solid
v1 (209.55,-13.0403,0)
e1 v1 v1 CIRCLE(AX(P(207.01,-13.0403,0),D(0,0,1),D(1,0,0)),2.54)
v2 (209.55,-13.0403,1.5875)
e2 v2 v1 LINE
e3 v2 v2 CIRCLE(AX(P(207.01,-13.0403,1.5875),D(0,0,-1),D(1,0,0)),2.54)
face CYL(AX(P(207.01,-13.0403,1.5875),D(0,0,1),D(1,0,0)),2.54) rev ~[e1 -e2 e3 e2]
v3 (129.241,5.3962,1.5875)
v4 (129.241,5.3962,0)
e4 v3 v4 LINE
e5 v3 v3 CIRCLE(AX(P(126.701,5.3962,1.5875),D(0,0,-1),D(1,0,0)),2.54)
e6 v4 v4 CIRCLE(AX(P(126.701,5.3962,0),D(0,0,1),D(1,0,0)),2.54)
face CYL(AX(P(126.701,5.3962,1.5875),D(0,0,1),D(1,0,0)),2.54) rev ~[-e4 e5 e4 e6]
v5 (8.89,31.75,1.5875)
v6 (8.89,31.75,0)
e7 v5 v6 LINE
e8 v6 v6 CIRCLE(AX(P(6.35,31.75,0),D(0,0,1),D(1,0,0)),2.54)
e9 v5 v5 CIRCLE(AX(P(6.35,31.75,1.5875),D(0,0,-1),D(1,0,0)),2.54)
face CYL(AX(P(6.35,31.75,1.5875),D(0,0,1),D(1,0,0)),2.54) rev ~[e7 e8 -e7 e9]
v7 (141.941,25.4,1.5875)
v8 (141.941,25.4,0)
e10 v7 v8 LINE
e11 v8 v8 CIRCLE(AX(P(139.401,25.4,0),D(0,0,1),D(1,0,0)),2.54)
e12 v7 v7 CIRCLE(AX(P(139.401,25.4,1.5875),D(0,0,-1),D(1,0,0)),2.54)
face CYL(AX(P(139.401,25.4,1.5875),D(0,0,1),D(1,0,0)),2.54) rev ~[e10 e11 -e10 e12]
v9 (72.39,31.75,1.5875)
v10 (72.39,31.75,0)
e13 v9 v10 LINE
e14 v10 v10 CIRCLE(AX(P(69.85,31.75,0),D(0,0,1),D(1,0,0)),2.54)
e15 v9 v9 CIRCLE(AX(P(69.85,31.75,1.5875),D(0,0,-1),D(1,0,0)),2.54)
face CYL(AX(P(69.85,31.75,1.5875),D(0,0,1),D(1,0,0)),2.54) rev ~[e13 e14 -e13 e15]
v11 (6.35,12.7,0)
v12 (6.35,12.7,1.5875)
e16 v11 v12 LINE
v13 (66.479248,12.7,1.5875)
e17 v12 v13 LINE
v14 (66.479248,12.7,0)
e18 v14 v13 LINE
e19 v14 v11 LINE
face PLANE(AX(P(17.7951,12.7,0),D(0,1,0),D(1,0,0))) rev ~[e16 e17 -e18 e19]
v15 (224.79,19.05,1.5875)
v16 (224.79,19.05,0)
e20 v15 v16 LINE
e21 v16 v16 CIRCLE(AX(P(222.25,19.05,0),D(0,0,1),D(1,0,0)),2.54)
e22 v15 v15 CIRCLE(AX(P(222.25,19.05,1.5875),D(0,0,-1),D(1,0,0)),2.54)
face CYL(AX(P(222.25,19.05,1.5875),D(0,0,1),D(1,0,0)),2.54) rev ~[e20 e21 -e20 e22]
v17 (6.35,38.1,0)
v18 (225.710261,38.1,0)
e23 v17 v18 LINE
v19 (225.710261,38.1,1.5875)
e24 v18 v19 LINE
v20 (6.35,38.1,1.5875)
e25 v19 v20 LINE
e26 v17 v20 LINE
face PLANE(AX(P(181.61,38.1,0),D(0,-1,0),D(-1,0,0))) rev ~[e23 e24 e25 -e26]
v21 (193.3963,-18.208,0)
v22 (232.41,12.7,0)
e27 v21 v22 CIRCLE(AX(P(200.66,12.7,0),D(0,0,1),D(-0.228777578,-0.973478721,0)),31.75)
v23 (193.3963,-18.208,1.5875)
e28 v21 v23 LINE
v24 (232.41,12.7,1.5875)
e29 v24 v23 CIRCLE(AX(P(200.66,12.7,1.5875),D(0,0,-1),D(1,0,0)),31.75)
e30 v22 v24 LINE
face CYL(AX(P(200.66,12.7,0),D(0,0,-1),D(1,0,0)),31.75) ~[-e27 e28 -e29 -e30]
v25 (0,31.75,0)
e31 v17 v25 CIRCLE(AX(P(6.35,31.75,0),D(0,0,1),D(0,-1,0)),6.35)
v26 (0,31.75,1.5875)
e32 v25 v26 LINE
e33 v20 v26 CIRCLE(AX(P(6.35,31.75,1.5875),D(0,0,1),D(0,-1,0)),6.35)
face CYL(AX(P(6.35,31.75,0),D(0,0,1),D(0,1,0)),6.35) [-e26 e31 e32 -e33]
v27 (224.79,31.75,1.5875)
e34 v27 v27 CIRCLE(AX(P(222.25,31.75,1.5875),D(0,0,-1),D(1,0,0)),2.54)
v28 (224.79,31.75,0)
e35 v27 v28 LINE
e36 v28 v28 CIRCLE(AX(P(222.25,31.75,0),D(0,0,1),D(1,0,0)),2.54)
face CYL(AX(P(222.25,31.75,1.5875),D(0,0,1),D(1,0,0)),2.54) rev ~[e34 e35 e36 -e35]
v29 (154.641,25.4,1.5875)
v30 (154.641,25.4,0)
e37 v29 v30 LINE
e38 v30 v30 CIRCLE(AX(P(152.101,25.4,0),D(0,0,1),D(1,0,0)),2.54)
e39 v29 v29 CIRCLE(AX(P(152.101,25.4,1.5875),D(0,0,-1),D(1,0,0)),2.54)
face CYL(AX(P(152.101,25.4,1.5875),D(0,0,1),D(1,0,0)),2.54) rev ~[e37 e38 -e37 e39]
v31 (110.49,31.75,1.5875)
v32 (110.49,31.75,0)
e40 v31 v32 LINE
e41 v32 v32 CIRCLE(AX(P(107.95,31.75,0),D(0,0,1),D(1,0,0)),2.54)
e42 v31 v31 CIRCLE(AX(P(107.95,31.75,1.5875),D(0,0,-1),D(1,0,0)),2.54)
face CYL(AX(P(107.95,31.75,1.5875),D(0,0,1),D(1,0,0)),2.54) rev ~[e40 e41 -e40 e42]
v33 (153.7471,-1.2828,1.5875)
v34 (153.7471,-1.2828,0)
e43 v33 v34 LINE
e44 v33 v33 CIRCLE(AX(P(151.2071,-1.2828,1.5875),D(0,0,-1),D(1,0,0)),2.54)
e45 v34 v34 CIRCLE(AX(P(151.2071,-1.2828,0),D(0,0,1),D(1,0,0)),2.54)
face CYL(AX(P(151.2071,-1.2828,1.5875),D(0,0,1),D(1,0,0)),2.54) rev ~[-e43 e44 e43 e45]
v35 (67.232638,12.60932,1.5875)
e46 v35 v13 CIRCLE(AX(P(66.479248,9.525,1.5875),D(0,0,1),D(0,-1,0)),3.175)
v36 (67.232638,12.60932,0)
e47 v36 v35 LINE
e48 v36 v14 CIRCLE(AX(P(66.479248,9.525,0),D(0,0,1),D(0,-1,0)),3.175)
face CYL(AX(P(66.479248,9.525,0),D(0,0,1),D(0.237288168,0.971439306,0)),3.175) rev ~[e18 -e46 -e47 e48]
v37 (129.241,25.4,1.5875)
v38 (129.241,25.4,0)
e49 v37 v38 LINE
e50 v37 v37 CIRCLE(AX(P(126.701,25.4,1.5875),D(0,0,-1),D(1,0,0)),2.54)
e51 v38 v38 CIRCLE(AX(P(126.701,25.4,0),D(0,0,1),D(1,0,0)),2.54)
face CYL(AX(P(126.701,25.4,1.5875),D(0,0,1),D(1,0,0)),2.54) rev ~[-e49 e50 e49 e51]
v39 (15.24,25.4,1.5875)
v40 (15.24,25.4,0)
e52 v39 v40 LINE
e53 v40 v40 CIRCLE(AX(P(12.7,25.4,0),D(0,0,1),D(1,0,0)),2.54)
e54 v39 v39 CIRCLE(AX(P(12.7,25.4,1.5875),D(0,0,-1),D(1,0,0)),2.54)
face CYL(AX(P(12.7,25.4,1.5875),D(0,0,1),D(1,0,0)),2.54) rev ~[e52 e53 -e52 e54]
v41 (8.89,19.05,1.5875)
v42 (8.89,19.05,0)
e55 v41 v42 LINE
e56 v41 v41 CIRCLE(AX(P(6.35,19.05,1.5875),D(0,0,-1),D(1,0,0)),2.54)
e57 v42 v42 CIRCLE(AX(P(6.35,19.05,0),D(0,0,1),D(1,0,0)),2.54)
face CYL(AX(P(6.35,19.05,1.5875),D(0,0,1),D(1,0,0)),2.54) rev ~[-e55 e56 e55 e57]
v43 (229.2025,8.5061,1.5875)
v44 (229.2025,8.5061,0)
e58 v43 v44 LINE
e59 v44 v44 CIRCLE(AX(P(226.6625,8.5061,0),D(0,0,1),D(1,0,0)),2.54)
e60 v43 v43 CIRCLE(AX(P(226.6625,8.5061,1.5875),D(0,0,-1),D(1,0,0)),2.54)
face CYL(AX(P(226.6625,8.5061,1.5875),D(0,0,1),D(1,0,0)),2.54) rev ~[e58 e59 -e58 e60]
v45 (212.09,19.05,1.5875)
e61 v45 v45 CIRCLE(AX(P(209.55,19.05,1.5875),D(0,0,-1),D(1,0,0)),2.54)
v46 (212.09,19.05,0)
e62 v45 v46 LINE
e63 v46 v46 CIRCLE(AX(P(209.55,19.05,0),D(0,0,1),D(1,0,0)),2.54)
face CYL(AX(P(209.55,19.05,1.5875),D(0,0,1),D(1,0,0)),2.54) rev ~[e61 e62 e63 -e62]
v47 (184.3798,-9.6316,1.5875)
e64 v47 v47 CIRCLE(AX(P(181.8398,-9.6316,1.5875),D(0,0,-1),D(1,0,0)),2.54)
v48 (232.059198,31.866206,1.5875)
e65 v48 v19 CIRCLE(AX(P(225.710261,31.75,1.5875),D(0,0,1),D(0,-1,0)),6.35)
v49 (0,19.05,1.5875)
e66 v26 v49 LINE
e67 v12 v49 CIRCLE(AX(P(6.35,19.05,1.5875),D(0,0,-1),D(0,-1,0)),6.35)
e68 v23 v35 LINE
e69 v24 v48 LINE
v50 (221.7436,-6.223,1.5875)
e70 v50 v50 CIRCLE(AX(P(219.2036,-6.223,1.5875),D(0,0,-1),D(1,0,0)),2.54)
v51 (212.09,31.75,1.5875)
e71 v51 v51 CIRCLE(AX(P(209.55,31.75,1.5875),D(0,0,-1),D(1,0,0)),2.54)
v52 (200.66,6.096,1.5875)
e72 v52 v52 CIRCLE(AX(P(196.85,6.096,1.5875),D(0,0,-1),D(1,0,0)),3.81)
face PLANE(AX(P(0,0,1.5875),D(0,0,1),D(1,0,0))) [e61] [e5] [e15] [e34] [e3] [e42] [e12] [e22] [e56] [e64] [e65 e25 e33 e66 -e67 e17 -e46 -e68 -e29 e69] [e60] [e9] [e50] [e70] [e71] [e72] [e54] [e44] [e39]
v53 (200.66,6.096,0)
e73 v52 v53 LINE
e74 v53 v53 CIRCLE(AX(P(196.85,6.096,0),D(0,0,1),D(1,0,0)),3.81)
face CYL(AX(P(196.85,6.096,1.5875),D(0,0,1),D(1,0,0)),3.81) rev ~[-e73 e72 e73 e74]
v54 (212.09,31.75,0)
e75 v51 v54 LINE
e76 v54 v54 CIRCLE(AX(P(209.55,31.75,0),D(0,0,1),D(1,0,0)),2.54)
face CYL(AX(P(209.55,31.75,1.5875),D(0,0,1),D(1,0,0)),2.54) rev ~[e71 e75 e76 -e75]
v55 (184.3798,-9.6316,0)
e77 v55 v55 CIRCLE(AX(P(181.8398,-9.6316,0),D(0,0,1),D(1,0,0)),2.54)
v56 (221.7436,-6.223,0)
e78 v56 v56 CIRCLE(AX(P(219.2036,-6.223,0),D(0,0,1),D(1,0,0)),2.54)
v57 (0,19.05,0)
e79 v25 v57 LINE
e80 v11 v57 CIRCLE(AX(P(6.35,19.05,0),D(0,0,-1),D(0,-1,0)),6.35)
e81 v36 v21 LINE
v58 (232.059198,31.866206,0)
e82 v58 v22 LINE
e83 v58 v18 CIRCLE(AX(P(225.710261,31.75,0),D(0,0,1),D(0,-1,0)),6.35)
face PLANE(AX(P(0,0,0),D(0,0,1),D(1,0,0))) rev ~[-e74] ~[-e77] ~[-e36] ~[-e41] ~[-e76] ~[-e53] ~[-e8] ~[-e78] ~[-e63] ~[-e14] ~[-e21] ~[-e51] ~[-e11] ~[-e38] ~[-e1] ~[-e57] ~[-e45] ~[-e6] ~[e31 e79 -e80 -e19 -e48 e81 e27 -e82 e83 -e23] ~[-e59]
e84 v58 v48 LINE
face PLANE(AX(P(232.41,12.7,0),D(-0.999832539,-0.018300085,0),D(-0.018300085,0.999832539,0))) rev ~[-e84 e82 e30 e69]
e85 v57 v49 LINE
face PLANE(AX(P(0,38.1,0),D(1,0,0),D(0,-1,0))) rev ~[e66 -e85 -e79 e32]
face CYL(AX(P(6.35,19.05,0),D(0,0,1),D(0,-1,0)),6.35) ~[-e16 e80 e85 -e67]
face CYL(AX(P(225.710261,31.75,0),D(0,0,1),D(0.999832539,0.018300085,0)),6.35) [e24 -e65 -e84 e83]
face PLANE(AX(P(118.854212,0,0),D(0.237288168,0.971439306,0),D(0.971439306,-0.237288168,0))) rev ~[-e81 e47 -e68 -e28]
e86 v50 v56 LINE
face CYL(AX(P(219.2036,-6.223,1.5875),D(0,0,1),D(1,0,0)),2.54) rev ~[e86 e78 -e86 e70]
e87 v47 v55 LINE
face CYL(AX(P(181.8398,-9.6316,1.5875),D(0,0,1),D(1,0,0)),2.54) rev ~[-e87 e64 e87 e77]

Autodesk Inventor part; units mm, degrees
ref_plane "YZ Plane" through (0, 0, 0) normal (1, 0, 0) x (0, 1, 0)
ref_plane "XZ Plane" through (0, 0, 0) normal (0, 1, 0) x (-1, 0, 0)
ref_plane "XY Plane" through (0, 0, 0) normal (0, 0, 1) x (1, 0, 0)
sketch "Sketch1" plane through (0, 0, 0) normal (0, 0, 1) x (1, 0, 0)
  line L0 (0, 0) -> (247.65, 0)
  line L1 (247.65, 0) -> (247.65, 38.1)
  line L2 (247.65, 38.1) -> (0, 38.1)
  line L3 (0, 38.1) -> (0, 0)
  line L4 (286.1616, 0) -> (255.1962, 0)
  line L5 (255.1962, 0) -> (255.1962, 12.7)
  line L6 (255.1962, 12.7) -> (286.1616, 12.7)
  line L7 (286.1616, 12.7) -> (286.1616, 0)
  line L8 (247.65, 12.7) -> (200.66, 12.7)
  line L9 (16.2468, 38.1) -> (16.2468, 12.7)
  line L10 (16.2468, 12.7) -> (196.85, 12.7)
  line L11 (0, 12.7) -> (17.7951, 12.7)
  circle A0 centre (200.66, 12.7) radius 31.75
  line L12 (232.41, 12.7) -> (231.9451, 38.1)
  line L13 (66.8614, 12.7) -> (200.8653, -20.0324)
  line L14 (193.3963, -18.208) -> (168.91, 12.7)
  point P0 (187.853, -16.3524)
  point P1 (232.3887, 13.8619)
  point P2 (229.7594, 0)
  point P3 (181.61, 38.1)
  point P4 (219.71, 38.1)
  point P5 (171.5606, 0)
  dimension "d0" = 247.65
  dimension "d1" = 38.1
  dimension "d2" = 12.7
  dimension "d3" = 30.9654
  dimension "d4" = 46.99
  dimension "d10" = 25.4
  dimension "d54" = 63.5
extrude "Extrusion4" add sketch "Sketch1" along normal blind 1.5875 contours L13 L0 A0 | L13 L10 A0 L0 | L3 L2 L9 L11 | A0 L14 L0 | L0 L14 A0 | L10 L9 L2 A0 | L14 L0 A0 | L14 A0 L2 L12 L0 | L2 L12 A0
fillet "Fillet6" radius 6.35 3 edges at (0, 38.1, 0.7937) (0, 12.7, 0.7937) (231.9451, 38.1, 0.7937)
sketch "Sketch4" plane through (0, 0, 1.5875) normal (0, 0, 1) x (1, 0, 0)
  arc A0 (6.35, 38.1) -> (0, 31.75) centre (6.35, 31.75) ccw projected
  line L0 (6.35, 38.1) -> (6.35, 31.75)
  line L1 (6.35, 31.75) -> (0, 31.75)
  circle A1 centre (6.35, 31.75) radius 2.54
  line L2 (6.35, 31.75) -> (6.35, 19.05)
  circle A2 centre (6.35, 19.05) radius 2.54
  line L3 (6.35, 31.75) -> (57.15, 31.75)
  line L4 (57.15, 31.75) -> (107.95, 31.75)
  line L5 (107.95, 31.75) -> (158.75, 31.75)
  line L6 (158.75, 31.75) -> (209.55, 31.75)
  circle A3 centre (107.95, 31.75) radius 2.54
  circle A4 centre (209.55, 31.75) radius 2.54
  line L7 (57.15, 31.75) -> (57.15, 19.05)
  line L8 (57.15, 19.05) -> (107.95, 19.05)
  line L9 (107.95, 19.05) -> (158.75, 19.05)
  line L10 (158.75, 19.05) -> (209.55, 19.05)
  circle A5 centre (209.55, 19.05) radius 2.54
  line L11 (225.7103, 38.1) -> (6.35, 38.1) projected
  arc A6 (193.3963, -18.208) -> (232.41, 12.7) centre (200.66, 12.7) ccw projected
  line L12 (209.55, 31.75) -> (196.85, 31.75)
  line L13 (196.85, 31.75) -> (196.85, 19.05)
  circle A7 centre (196.85, 31.75) radius 2.54
  line L14 (196.85, 19.05) -> (196.85, 6.096)
  circle A8 centre (196.85, 6.096) radius 3.81
  line L15 (57.15, 31.75) -> (69.85, 31.75)
  circle A9 centre (69.85, 31.75) radius 2.54
  point P0 (0, 0)
  point P1 (207.01, 31.75)
  dimension "d60" = 6.35
  dimension "d61" = 5.08
  dimension "d62" = 12.7
  dimension "d63" = 5.08
  dimension "d64" = 50.8
  dimension "d65" = 50.8
  dimension "d66" = 50.8
  dimension "d67" = 50.8
  dimension "d70" = 5.08
  dimension "d72" = 5.08
  dimension "d76" = 5.08
  dimension "d86" = 12.7
  dimension "d88" = 5.08
  dimension "d89" = 12.954
  dimension "d90" = 7.62
  dimension "d116" = 12.7
  dimension "d117" = 5.08
extrude "Extrusion5" cut sketch "Sketch4" against normal blind 25.4 contours A4 | A5 | A8 | A2 | A1 L3 L0 | L0 L1 A1 | L1 L2 A1 | L3 A1 L2 | A9 L4 | L4 A9 | A3 L5 L4 | L4 L5 A3
sketch "Sketch5" plane through (0, 0, 1.5875) normal (0, 0, 1) x (1, 0, 0)
  circle A0 centre (209.55, 31.75) radius 2.54 projected
  line L0 (209.55, 31.75) -> (222.25, 31.75)
  line L1 (222.25, 31.75) -> (222.25, 19.05)
  line L2 (222.25, 19.05) -> (226.6625, 8.5061)
  line L3 (226.6625, 8.5061) -> (219.2036, -6.223)
  line L4 (219.2036, -6.223) -> (207.01, -13.0403)
  line L5 (207.01, -13.0403) -> (181.8398, -9.6316)
  line L6 (181.8398, -9.6316) -> (151.2071, -1.2828)
  line L7 (151.2071, -1.2828) -> (126.701, 5.3962)
  circle A1 centre (126.701, 5.3962) radius 2.54
  circle A2 centre (151.2071, -1.2828) radius 2.54
  circle A3 centre (181.8398, -9.6316) radius 2.54
  circle A4 centre (207.01, -13.0403) radius 2.54
  circle A5 centre (219.2036, -6.223) radius 2.54
  circle A6 centre (226.6625, 8.5061) radius 2.54
  circle A7 centre (222.25, 19.05) radius 2.54
  circle A8 centre (222.25, 31.75) radius 2.54
  circle A9 centre (6.35, 19.05) radius 2.54 projected
  line L8 (6.35, 19.05) -> (15.3303, 28.0303)
  line L9 (6.35, 19.05) -> (19.05, 19.05) construction
  circle A10 centre (6.35, 31.75) radius 2.54 projected
  line L10 (6.35, 31.75) -> (15.3303, 22.7697)
  line L11 (6.35, 31.75) -> (19.05, 31.75) construction
  circle A11 centre (12.7, 25.4) radius 2.54
  line L12 (126.701, 5.3962) -> (126.701, 25.4)
  line L13 (126.701, 25.4) -> (139.401, 25.4)
  line L14 (139.401, 25.4) -> (152.101, 25.4)
  circle A12 centre (126.701, 25.4) radius 2.54
  circle A13 centre (139.401, 25.4) radius 2.54
  circle A14 centre (152.101, 25.4) radius 2.54
  point P0 (0, 0)
  dimension "d91" = 12.7
  dimension "d92" = 12.7
  dimension "d93" = 11.43
  dimension "d94" = 16.51
  dimension "d95" = 13.97
  dimension "d96" = 25.4
  dimension "d97" = 31.75
  dimension "d98" = 25.4
  dimension "d99" = 5.08
  dimension "d100" = 5.08
  dimension "d101" = 5.08
  dimension "d102" = 5.08
  dimension "d103" = 5.08
  dimension "d104" = 5.08
  dimension "d105" = 5.08
  dimension "d106" = 5.08
  dimension "d109" = 12.7
  dimension "d110" = 45
  dimension "d111" = 12.7
  dimension "d112" = 45
  dimension "d113" = 5.08
  dimension "d129" = 12.7
  dimension "d130" = 12.7
  dimension "d131" = 5.08
  dimension "d132" = 5.08
  dimension "d133" = 5.08
extrude "Extrusion6" cut sketch "Sketch5" against normal blind 25.4 contours A14 | A13 L14 L13 | L13 L14 A13 | A12 L13 L12 | L12 L13 A12 | A1 L12 L7 | L7 L12 A1 | A2 L7 L6 | L6 L7 A2 | A3 L6 L5 | L5 L6 A3 | A4 L5 L4 | L4 L5 A4 | A5 L4 L3 | L3 L4 A5 | A6 L3 L2 | L2 L3 A6 | A7 L2 L1 | L1 L2 A7 | A8 L1 L0 | L0 L1 A8 | A11 L10 L8 | L8 L10 A11 | L10 A11 L8 | L8 A11 L10
fillet "Fillet7" radius 3.175 1 edges at (66.8614, 12.7, 0.7937)
properties part number "intake sled v5"
